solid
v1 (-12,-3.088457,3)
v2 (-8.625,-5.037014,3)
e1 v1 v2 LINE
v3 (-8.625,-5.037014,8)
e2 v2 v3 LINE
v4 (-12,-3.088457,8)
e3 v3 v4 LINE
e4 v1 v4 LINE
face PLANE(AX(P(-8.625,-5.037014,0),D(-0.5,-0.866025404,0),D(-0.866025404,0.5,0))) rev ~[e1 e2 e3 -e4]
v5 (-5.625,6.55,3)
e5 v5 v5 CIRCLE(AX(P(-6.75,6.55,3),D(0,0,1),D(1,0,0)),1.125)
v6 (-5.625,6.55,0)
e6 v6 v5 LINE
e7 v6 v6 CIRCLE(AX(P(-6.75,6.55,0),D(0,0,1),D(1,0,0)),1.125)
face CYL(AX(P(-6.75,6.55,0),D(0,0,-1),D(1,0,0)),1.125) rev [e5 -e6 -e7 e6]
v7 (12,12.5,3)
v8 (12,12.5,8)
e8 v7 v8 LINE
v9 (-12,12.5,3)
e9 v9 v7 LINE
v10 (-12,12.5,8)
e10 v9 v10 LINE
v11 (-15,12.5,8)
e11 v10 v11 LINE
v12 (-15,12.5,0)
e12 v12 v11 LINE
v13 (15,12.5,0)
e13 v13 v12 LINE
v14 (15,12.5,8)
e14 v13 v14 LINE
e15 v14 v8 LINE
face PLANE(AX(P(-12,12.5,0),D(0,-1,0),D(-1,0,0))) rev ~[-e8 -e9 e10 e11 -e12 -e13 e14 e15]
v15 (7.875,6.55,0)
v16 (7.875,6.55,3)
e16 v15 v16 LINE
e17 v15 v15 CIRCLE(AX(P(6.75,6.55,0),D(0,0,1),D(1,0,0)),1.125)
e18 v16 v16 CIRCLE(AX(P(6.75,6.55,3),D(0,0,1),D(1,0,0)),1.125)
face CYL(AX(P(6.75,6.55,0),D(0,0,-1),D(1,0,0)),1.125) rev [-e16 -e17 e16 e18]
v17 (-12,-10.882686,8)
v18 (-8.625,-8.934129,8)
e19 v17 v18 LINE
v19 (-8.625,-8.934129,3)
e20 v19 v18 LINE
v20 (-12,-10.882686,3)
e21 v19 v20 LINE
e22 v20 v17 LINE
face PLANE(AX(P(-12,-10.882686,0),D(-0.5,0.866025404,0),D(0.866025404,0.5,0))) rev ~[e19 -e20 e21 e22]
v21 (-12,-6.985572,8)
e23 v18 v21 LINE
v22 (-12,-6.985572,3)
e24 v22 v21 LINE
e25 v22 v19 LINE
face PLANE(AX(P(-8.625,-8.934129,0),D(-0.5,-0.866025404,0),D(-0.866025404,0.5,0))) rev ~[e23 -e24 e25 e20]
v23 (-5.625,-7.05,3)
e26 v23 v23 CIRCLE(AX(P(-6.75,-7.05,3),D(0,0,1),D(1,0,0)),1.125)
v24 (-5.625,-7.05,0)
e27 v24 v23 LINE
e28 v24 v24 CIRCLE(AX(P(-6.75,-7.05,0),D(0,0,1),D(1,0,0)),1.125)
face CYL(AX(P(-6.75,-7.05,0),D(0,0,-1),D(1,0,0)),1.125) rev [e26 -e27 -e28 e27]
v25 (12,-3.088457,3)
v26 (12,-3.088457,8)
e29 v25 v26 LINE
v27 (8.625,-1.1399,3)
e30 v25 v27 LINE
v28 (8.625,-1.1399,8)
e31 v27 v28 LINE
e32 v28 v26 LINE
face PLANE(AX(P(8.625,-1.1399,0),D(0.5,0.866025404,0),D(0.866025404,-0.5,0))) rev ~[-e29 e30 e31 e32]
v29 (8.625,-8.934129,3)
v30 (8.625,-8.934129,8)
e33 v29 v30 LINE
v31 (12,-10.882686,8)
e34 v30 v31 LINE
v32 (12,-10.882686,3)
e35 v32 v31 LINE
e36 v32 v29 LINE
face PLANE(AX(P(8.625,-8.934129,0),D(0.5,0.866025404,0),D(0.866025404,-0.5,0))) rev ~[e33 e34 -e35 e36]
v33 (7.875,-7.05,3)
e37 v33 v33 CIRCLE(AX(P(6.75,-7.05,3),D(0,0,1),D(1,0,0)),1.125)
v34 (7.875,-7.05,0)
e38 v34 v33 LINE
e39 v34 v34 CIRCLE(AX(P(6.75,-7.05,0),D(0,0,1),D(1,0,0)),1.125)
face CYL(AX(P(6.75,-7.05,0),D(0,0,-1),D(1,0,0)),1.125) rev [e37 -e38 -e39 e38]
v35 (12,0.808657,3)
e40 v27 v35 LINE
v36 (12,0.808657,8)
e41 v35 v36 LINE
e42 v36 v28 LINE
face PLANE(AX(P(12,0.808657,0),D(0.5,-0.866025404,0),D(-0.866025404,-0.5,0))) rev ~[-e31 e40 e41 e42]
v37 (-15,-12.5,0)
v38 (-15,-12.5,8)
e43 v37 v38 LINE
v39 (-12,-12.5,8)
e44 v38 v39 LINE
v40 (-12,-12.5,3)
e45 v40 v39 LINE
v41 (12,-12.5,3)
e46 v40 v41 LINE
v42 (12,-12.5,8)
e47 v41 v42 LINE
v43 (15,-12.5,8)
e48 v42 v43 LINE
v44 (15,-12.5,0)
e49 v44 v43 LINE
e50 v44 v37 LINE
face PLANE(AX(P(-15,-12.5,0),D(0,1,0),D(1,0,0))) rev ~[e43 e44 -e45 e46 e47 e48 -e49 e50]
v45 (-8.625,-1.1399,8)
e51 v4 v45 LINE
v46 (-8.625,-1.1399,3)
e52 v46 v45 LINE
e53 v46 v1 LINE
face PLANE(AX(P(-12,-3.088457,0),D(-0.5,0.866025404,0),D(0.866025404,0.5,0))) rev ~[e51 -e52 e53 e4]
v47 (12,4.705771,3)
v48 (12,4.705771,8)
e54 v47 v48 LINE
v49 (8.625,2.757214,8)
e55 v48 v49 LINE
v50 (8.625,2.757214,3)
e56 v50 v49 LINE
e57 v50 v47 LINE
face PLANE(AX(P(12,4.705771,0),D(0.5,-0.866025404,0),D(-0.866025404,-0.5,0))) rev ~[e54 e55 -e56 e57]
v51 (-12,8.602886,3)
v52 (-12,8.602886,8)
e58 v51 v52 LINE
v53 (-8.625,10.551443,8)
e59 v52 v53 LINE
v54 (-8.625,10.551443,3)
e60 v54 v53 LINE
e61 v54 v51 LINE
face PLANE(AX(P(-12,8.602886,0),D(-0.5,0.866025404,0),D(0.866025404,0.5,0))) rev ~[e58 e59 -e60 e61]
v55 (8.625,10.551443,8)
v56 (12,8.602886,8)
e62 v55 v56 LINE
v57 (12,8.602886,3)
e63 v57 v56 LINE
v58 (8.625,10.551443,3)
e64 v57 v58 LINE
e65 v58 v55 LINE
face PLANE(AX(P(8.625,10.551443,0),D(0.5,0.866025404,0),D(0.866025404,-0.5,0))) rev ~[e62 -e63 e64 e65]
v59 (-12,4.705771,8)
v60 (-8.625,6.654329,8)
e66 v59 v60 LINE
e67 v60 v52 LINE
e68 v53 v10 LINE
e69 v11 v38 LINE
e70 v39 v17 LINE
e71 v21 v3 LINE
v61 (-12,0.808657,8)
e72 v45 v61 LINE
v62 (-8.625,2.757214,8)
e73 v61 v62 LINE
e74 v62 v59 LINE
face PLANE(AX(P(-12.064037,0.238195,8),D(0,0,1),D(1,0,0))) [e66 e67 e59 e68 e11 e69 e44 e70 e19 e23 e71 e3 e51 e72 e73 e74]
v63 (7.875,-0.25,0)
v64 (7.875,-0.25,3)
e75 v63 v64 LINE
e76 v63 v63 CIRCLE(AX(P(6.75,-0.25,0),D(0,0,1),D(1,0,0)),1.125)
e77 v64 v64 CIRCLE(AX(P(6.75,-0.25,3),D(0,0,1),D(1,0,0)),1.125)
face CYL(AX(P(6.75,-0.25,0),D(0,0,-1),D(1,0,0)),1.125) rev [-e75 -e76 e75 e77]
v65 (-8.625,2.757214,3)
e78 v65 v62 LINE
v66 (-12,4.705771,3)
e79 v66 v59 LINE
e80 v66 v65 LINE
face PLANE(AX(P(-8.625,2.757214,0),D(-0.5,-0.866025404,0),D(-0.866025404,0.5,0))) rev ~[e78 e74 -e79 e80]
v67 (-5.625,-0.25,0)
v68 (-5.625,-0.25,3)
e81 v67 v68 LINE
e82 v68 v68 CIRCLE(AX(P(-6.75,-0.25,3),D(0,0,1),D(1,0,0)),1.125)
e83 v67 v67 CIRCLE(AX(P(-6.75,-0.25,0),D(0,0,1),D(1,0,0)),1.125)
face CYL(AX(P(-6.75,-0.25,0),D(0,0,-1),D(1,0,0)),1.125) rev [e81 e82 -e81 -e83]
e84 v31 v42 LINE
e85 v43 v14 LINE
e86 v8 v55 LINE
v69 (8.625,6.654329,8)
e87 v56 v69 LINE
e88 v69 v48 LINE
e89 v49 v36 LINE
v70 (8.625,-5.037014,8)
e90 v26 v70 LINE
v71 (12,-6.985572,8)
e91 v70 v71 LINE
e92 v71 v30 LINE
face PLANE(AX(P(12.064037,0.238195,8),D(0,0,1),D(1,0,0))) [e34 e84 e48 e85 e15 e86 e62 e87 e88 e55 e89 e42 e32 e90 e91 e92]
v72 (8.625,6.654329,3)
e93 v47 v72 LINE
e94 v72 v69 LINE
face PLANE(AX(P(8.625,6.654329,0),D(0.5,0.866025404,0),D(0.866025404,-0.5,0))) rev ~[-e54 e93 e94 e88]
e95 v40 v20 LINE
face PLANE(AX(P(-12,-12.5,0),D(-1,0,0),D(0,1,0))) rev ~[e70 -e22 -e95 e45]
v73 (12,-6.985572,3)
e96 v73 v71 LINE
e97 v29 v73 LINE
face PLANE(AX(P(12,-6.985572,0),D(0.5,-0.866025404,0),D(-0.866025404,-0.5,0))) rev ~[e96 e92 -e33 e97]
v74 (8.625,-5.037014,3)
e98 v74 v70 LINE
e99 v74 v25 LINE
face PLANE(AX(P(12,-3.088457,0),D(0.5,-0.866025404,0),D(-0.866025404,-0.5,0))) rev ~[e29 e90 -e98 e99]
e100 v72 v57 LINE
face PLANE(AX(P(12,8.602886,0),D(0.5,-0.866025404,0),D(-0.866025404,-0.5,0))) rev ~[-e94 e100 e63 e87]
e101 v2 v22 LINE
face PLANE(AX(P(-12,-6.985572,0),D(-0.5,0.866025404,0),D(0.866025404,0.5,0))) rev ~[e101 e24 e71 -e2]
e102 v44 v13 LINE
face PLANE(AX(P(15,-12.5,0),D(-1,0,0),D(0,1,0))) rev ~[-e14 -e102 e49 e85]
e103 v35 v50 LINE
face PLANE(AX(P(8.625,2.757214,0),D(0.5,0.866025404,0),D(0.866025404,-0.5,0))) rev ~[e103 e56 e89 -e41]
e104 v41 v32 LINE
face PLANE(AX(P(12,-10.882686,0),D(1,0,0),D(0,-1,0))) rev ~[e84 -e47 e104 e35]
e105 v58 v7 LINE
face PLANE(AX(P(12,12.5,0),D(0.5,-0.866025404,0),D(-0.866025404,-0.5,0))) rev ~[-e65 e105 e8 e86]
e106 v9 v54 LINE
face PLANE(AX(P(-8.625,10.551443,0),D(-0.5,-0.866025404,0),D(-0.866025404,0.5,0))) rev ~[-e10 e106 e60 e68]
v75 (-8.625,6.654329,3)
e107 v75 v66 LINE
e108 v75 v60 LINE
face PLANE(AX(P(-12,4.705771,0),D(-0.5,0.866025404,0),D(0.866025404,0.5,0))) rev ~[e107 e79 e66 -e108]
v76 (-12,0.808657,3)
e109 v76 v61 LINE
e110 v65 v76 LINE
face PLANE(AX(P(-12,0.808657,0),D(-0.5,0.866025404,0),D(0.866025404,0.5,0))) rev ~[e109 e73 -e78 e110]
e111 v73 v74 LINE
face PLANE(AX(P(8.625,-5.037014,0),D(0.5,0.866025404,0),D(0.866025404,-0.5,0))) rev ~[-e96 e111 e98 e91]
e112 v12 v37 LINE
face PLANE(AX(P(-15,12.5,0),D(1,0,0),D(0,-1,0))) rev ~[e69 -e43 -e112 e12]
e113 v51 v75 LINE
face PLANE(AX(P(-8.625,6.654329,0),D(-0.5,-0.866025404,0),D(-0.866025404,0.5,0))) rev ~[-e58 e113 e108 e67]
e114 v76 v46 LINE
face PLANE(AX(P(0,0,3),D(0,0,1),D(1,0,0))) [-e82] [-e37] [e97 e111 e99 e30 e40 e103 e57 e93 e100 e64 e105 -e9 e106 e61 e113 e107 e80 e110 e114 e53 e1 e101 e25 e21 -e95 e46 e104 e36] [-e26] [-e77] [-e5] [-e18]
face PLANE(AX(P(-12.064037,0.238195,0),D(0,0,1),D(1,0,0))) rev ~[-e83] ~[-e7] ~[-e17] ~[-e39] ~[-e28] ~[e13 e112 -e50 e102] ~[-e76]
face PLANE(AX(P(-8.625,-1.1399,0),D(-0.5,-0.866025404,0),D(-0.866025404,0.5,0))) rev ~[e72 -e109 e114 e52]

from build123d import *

# Parameters (mm, degrees)
SKETCH1_W           = 24
SKETCH1_H           = 25
SKETCH1_R           = 1.125
BOSS_EXTRUDE1_DEPTH = 3
BOSS_EXTRUDE2_DEPTH = 8


with BuildPart() as part:
    # Sketch1 → Boss-Extrude1 (new body)
    with BuildSketch(Plane.XY):
        Rectangle(SKETCH1_W, SKETCH1_H)
        with Locations((-6.75, 6.55)):
            Circle(SKETCH1_R, mode=Mode.SUBTRACT)
        with Locations((-6.75, -0.25)):
            Circle(SKETCH1_R, mode=Mode.SUBTRACT)
        with Locations((-6.75, -7.05)):
            Circle(SKETCH1_R, mode=Mode.SUBTRACT)
        with Locations((6.75, -7.05)):
            Circle(SKETCH1_R, mode=Mode.SUBTRACT)
        with Locations((6.75, -0.25)):
            Circle(SKETCH1_R, mode=Mode.SUBTRACT)
        with Locations((6.75, 6.55)):
            Circle(SKETCH1_R, mode=Mode.SUBTRACT)
    extrude(amount=BOSS_EXTRUDE1_DEPTH)

    # Sketch2 → Boss-Extrude2 (add)
    with BuildSketch(Plane.XY):
        Polygon((-12, 12.5), (-15, 12.5), (-15, -12.5), (-12, -12.5), (-12, -10.882685902), (-8.625, -8.934128744), (-12, -6.985571585), (-8.625, -5.037014427), (-12, -3.088457268), (-8.625, -1.13990011), (-12, 0.808657049), (-8.625, 2.757214207), (-12, 4.705771366), (-8.625, 6.654328524), (-12, 8.602885683), (-8.625, 10.551442841), align=None)
        Polygon((12, -3.088457268), (8.625, -5.037014427), (12, -6.985571585), (8.625, -8.934128744), (12, -10.882685902), (12, -12.5), (15, -12.5), (15, 12.5), (12, 12.5), (8.625, 10.551442841), (12, 8.602885683), (8.625, 6.654328524), (12, 4.705771366), (8.625, 2.757214207), (12, 0.808657049), (8.625, -1.13990011), align=None)
    extrude(amount=BOSS_EXTRUDE2_DEPTH)


solid = part.part
